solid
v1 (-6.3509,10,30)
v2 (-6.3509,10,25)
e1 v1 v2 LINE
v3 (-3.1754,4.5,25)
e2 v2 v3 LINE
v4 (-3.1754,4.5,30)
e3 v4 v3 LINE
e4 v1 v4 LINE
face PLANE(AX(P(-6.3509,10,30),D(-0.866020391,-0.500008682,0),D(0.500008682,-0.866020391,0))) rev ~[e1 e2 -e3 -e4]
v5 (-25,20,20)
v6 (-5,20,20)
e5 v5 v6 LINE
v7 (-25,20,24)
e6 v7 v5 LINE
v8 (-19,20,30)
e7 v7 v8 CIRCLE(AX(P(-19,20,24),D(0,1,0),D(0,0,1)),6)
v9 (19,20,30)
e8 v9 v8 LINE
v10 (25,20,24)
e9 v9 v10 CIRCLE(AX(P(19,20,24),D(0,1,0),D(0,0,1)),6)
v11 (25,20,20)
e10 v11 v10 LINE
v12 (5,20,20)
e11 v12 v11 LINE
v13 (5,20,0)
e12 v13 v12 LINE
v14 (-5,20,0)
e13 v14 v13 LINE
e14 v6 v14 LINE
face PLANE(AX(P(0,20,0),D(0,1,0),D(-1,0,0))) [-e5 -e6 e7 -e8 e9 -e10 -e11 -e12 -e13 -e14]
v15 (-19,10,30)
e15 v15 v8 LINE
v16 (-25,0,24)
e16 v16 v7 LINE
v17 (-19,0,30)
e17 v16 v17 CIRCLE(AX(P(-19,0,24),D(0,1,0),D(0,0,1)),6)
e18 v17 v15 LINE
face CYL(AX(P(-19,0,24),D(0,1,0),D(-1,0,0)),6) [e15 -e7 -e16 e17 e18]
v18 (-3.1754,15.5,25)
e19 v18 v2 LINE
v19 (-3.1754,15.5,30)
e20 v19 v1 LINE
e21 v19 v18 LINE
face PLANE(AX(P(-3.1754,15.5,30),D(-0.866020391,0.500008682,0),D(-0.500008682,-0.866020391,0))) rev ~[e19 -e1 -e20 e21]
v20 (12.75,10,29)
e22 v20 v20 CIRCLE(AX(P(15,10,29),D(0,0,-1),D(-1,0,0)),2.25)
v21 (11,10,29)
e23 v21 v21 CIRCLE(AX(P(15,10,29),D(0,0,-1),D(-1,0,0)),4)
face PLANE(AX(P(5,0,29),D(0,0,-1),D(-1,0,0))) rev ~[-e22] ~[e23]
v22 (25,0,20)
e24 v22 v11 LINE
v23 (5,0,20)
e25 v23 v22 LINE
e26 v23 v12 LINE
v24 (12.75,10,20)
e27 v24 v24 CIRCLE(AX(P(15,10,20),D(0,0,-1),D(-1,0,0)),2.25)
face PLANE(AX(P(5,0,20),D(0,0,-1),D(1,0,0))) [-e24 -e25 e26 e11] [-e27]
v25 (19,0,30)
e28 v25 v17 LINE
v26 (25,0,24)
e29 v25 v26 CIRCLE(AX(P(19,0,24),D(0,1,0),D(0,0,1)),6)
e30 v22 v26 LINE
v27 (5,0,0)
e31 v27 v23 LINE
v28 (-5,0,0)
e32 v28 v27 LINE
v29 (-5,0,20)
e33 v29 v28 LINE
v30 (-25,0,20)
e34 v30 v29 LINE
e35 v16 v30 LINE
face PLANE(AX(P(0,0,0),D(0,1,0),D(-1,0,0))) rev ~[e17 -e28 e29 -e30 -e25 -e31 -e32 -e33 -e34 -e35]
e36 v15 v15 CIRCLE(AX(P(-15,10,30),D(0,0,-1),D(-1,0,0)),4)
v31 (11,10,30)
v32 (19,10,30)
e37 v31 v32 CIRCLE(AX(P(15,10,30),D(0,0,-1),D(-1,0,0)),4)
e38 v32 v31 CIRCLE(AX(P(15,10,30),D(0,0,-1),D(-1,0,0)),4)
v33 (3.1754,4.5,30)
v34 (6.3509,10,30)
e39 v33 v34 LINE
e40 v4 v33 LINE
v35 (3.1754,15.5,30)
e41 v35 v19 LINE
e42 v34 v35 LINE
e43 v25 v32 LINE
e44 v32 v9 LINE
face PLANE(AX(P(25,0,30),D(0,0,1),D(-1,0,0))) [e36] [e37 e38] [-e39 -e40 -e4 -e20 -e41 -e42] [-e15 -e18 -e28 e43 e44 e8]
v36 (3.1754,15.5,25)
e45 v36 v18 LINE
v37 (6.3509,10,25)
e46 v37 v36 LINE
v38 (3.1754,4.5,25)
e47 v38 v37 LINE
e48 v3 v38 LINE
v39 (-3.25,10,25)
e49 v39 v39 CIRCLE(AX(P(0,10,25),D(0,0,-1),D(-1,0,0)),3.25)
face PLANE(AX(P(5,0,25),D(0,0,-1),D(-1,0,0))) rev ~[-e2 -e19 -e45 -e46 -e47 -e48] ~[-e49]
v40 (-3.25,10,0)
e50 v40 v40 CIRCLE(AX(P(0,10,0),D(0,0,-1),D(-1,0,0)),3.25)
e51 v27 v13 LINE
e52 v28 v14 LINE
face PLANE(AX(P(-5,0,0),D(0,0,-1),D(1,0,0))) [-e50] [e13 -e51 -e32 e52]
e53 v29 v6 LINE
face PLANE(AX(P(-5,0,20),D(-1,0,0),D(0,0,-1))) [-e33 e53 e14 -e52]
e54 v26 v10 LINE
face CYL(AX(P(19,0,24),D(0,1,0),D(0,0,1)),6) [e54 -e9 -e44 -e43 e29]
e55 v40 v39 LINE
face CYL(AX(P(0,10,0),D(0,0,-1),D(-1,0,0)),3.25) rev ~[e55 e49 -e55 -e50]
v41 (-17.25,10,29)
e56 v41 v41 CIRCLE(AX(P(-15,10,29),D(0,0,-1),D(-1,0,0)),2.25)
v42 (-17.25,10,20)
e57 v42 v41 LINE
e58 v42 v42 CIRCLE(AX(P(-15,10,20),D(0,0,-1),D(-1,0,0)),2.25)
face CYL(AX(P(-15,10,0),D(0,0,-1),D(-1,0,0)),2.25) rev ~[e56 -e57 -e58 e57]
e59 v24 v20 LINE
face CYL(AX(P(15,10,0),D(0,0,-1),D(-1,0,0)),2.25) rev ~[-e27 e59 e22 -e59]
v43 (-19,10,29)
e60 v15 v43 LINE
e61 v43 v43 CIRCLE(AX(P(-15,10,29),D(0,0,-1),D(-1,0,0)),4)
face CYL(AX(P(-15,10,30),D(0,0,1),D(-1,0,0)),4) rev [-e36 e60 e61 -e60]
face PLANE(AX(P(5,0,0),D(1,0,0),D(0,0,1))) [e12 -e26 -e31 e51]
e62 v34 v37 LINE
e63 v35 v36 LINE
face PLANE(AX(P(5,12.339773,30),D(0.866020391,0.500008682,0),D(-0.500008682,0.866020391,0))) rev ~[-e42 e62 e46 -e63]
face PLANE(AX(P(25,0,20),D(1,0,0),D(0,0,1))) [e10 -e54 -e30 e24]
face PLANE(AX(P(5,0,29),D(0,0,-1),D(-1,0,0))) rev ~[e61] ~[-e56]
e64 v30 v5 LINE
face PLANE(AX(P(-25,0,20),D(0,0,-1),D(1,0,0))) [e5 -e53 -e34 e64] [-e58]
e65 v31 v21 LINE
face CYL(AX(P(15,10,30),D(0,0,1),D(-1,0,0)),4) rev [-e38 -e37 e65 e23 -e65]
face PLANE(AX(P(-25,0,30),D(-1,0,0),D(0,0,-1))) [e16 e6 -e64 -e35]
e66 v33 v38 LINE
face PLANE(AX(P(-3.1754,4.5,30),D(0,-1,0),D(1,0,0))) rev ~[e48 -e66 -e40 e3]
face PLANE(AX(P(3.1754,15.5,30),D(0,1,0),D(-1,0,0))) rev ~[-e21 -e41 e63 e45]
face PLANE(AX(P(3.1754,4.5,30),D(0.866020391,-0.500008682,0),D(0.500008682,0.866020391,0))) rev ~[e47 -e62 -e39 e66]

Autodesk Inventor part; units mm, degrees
ref_plane "YZ Plane" through (0, 0, 0) normal (1, 0, 0) x (0, 1, 0)
ref_plane "XZ Plane" through (0, 0, 0) normal (0, 1, 0) x (-1, 0, 0)
ref_plane "XY Plane" through (0, 0, 0) normal (0, 0, 1) x (1, 0, 0)
sketch "Szkic1" plane through (0, 0, 0) normal (0, 1, 0) x (-1, 0, 0)
  line L0 (25, 20) -> (5, 20)
  line L1 (5, 20) -> (5, 0)
  line L2 (5, 0) -> (25, 0)
  line L3 (25, 0) -> (25, 20)
  line L4 (-5, 20) -> (-25, 20)
  line L5 (-25, 20) -> (-25, 0)
  line L6 (-25, 0) -> (-5, 0)
  line L7 (-5, 0) -> (-5, 20)
  line L8 (25, 0) -> (-25, 0)
  line L9 (-25, 0) -> (-25, 30)
  line L10 (-25, 30) -> (25, 30)
  line L11 (25, 30) -> (25, 0)
  point P0 (0, 0)
  point P1 (-15, 20)
  point P2 (15, 20)
  point P3 (15, 0)
  point P4 (-5, 0)
  point P5 (5, 0)
  dimension "d0" = 20
  dimension "d1" = 20
  dimension "d2" = 20
  dimension "d3" = 20
  dimension "d4" = 50
  dimension "d5" = 25
  dimension "d6" = 10
extrude "Wyciągnięcie proste1" add sketch "Szkic1" along normal blind 20 contours L0 L1 L8 L7 L4 L9 L10 L11
sketch "Szkic2" plane through (5, 0, 0) normal (0, 0, -1) x (-1, 0, 0)
  circle A0 centre (5, 10) radius 3.25
  circle A1 centre (20, 10) radius 2.25
  circle A2 centre (-10, 10) radius 2.25
  line L0 (0, 0) -> (0, 20) projected
  line L1 (0, 0) -> (10, 0) projected
  line L2 (-20, 0) -> (-20, 20) projected
  line L3 (-20, 0) -> (0, 0) projected
  line L4 (30, 0) -> (30, 20) projected
  circle A3 centre (-10, 10) radius 4
  circle A4 centre (20, 10) radius 4
  line L5 (1.8246, 15.5) -> (8.1754, 15.5)
  line L6 (8.1754, 15.5) -> (11.3509, 10)
  line L7 (11.3509, 10) -> (8.1754, 4.5)
  line L8 (8.1754, 4.5) -> (1.8246, 4.5)
  line L9 (1.8246, 4.5) -> (-1.3509, 10)
  line L10 (-1.3509, 10) -> (1.8246, 15.5)
  point P0 (5, 0)
  dimension "d9" = 6.5
  dimension "d10" = 5
  dimension "d11" = 10
  dimension "d12" = 10
  dimension "d13" = 10
  dimension "d14" = 10
  dimension "d15" = 4.5
  dimension "d16" = 4.5
  dimension "d20" = 8
  dimension "d21" = 8
  dimension "d25" = 11
extrude "Wyciągnięcie proste2" cut sketch "Szkic2" against normal through all contours A0 | A1 | A2
extrude "Wyciągnięcie proste3" cut sketch "Szkic2" along normal blind 5 from surface at -30 contours A0 | L9 L10 L0 | L0 L10 L5 L6 L7 L8 L9
fillet "Zaokrąglenie1" radius 6 2 edges at (25, 10, 30) (-25, 10, 30)
extrude "Wyciągnięcie proste4" cut sketch "Szkic2" along normal blind 1 from surface at -30 contours A1 | A2 | A3 | A4
properties part number "Z_item_mount" material "Tworzywo sztuczne ABS"
